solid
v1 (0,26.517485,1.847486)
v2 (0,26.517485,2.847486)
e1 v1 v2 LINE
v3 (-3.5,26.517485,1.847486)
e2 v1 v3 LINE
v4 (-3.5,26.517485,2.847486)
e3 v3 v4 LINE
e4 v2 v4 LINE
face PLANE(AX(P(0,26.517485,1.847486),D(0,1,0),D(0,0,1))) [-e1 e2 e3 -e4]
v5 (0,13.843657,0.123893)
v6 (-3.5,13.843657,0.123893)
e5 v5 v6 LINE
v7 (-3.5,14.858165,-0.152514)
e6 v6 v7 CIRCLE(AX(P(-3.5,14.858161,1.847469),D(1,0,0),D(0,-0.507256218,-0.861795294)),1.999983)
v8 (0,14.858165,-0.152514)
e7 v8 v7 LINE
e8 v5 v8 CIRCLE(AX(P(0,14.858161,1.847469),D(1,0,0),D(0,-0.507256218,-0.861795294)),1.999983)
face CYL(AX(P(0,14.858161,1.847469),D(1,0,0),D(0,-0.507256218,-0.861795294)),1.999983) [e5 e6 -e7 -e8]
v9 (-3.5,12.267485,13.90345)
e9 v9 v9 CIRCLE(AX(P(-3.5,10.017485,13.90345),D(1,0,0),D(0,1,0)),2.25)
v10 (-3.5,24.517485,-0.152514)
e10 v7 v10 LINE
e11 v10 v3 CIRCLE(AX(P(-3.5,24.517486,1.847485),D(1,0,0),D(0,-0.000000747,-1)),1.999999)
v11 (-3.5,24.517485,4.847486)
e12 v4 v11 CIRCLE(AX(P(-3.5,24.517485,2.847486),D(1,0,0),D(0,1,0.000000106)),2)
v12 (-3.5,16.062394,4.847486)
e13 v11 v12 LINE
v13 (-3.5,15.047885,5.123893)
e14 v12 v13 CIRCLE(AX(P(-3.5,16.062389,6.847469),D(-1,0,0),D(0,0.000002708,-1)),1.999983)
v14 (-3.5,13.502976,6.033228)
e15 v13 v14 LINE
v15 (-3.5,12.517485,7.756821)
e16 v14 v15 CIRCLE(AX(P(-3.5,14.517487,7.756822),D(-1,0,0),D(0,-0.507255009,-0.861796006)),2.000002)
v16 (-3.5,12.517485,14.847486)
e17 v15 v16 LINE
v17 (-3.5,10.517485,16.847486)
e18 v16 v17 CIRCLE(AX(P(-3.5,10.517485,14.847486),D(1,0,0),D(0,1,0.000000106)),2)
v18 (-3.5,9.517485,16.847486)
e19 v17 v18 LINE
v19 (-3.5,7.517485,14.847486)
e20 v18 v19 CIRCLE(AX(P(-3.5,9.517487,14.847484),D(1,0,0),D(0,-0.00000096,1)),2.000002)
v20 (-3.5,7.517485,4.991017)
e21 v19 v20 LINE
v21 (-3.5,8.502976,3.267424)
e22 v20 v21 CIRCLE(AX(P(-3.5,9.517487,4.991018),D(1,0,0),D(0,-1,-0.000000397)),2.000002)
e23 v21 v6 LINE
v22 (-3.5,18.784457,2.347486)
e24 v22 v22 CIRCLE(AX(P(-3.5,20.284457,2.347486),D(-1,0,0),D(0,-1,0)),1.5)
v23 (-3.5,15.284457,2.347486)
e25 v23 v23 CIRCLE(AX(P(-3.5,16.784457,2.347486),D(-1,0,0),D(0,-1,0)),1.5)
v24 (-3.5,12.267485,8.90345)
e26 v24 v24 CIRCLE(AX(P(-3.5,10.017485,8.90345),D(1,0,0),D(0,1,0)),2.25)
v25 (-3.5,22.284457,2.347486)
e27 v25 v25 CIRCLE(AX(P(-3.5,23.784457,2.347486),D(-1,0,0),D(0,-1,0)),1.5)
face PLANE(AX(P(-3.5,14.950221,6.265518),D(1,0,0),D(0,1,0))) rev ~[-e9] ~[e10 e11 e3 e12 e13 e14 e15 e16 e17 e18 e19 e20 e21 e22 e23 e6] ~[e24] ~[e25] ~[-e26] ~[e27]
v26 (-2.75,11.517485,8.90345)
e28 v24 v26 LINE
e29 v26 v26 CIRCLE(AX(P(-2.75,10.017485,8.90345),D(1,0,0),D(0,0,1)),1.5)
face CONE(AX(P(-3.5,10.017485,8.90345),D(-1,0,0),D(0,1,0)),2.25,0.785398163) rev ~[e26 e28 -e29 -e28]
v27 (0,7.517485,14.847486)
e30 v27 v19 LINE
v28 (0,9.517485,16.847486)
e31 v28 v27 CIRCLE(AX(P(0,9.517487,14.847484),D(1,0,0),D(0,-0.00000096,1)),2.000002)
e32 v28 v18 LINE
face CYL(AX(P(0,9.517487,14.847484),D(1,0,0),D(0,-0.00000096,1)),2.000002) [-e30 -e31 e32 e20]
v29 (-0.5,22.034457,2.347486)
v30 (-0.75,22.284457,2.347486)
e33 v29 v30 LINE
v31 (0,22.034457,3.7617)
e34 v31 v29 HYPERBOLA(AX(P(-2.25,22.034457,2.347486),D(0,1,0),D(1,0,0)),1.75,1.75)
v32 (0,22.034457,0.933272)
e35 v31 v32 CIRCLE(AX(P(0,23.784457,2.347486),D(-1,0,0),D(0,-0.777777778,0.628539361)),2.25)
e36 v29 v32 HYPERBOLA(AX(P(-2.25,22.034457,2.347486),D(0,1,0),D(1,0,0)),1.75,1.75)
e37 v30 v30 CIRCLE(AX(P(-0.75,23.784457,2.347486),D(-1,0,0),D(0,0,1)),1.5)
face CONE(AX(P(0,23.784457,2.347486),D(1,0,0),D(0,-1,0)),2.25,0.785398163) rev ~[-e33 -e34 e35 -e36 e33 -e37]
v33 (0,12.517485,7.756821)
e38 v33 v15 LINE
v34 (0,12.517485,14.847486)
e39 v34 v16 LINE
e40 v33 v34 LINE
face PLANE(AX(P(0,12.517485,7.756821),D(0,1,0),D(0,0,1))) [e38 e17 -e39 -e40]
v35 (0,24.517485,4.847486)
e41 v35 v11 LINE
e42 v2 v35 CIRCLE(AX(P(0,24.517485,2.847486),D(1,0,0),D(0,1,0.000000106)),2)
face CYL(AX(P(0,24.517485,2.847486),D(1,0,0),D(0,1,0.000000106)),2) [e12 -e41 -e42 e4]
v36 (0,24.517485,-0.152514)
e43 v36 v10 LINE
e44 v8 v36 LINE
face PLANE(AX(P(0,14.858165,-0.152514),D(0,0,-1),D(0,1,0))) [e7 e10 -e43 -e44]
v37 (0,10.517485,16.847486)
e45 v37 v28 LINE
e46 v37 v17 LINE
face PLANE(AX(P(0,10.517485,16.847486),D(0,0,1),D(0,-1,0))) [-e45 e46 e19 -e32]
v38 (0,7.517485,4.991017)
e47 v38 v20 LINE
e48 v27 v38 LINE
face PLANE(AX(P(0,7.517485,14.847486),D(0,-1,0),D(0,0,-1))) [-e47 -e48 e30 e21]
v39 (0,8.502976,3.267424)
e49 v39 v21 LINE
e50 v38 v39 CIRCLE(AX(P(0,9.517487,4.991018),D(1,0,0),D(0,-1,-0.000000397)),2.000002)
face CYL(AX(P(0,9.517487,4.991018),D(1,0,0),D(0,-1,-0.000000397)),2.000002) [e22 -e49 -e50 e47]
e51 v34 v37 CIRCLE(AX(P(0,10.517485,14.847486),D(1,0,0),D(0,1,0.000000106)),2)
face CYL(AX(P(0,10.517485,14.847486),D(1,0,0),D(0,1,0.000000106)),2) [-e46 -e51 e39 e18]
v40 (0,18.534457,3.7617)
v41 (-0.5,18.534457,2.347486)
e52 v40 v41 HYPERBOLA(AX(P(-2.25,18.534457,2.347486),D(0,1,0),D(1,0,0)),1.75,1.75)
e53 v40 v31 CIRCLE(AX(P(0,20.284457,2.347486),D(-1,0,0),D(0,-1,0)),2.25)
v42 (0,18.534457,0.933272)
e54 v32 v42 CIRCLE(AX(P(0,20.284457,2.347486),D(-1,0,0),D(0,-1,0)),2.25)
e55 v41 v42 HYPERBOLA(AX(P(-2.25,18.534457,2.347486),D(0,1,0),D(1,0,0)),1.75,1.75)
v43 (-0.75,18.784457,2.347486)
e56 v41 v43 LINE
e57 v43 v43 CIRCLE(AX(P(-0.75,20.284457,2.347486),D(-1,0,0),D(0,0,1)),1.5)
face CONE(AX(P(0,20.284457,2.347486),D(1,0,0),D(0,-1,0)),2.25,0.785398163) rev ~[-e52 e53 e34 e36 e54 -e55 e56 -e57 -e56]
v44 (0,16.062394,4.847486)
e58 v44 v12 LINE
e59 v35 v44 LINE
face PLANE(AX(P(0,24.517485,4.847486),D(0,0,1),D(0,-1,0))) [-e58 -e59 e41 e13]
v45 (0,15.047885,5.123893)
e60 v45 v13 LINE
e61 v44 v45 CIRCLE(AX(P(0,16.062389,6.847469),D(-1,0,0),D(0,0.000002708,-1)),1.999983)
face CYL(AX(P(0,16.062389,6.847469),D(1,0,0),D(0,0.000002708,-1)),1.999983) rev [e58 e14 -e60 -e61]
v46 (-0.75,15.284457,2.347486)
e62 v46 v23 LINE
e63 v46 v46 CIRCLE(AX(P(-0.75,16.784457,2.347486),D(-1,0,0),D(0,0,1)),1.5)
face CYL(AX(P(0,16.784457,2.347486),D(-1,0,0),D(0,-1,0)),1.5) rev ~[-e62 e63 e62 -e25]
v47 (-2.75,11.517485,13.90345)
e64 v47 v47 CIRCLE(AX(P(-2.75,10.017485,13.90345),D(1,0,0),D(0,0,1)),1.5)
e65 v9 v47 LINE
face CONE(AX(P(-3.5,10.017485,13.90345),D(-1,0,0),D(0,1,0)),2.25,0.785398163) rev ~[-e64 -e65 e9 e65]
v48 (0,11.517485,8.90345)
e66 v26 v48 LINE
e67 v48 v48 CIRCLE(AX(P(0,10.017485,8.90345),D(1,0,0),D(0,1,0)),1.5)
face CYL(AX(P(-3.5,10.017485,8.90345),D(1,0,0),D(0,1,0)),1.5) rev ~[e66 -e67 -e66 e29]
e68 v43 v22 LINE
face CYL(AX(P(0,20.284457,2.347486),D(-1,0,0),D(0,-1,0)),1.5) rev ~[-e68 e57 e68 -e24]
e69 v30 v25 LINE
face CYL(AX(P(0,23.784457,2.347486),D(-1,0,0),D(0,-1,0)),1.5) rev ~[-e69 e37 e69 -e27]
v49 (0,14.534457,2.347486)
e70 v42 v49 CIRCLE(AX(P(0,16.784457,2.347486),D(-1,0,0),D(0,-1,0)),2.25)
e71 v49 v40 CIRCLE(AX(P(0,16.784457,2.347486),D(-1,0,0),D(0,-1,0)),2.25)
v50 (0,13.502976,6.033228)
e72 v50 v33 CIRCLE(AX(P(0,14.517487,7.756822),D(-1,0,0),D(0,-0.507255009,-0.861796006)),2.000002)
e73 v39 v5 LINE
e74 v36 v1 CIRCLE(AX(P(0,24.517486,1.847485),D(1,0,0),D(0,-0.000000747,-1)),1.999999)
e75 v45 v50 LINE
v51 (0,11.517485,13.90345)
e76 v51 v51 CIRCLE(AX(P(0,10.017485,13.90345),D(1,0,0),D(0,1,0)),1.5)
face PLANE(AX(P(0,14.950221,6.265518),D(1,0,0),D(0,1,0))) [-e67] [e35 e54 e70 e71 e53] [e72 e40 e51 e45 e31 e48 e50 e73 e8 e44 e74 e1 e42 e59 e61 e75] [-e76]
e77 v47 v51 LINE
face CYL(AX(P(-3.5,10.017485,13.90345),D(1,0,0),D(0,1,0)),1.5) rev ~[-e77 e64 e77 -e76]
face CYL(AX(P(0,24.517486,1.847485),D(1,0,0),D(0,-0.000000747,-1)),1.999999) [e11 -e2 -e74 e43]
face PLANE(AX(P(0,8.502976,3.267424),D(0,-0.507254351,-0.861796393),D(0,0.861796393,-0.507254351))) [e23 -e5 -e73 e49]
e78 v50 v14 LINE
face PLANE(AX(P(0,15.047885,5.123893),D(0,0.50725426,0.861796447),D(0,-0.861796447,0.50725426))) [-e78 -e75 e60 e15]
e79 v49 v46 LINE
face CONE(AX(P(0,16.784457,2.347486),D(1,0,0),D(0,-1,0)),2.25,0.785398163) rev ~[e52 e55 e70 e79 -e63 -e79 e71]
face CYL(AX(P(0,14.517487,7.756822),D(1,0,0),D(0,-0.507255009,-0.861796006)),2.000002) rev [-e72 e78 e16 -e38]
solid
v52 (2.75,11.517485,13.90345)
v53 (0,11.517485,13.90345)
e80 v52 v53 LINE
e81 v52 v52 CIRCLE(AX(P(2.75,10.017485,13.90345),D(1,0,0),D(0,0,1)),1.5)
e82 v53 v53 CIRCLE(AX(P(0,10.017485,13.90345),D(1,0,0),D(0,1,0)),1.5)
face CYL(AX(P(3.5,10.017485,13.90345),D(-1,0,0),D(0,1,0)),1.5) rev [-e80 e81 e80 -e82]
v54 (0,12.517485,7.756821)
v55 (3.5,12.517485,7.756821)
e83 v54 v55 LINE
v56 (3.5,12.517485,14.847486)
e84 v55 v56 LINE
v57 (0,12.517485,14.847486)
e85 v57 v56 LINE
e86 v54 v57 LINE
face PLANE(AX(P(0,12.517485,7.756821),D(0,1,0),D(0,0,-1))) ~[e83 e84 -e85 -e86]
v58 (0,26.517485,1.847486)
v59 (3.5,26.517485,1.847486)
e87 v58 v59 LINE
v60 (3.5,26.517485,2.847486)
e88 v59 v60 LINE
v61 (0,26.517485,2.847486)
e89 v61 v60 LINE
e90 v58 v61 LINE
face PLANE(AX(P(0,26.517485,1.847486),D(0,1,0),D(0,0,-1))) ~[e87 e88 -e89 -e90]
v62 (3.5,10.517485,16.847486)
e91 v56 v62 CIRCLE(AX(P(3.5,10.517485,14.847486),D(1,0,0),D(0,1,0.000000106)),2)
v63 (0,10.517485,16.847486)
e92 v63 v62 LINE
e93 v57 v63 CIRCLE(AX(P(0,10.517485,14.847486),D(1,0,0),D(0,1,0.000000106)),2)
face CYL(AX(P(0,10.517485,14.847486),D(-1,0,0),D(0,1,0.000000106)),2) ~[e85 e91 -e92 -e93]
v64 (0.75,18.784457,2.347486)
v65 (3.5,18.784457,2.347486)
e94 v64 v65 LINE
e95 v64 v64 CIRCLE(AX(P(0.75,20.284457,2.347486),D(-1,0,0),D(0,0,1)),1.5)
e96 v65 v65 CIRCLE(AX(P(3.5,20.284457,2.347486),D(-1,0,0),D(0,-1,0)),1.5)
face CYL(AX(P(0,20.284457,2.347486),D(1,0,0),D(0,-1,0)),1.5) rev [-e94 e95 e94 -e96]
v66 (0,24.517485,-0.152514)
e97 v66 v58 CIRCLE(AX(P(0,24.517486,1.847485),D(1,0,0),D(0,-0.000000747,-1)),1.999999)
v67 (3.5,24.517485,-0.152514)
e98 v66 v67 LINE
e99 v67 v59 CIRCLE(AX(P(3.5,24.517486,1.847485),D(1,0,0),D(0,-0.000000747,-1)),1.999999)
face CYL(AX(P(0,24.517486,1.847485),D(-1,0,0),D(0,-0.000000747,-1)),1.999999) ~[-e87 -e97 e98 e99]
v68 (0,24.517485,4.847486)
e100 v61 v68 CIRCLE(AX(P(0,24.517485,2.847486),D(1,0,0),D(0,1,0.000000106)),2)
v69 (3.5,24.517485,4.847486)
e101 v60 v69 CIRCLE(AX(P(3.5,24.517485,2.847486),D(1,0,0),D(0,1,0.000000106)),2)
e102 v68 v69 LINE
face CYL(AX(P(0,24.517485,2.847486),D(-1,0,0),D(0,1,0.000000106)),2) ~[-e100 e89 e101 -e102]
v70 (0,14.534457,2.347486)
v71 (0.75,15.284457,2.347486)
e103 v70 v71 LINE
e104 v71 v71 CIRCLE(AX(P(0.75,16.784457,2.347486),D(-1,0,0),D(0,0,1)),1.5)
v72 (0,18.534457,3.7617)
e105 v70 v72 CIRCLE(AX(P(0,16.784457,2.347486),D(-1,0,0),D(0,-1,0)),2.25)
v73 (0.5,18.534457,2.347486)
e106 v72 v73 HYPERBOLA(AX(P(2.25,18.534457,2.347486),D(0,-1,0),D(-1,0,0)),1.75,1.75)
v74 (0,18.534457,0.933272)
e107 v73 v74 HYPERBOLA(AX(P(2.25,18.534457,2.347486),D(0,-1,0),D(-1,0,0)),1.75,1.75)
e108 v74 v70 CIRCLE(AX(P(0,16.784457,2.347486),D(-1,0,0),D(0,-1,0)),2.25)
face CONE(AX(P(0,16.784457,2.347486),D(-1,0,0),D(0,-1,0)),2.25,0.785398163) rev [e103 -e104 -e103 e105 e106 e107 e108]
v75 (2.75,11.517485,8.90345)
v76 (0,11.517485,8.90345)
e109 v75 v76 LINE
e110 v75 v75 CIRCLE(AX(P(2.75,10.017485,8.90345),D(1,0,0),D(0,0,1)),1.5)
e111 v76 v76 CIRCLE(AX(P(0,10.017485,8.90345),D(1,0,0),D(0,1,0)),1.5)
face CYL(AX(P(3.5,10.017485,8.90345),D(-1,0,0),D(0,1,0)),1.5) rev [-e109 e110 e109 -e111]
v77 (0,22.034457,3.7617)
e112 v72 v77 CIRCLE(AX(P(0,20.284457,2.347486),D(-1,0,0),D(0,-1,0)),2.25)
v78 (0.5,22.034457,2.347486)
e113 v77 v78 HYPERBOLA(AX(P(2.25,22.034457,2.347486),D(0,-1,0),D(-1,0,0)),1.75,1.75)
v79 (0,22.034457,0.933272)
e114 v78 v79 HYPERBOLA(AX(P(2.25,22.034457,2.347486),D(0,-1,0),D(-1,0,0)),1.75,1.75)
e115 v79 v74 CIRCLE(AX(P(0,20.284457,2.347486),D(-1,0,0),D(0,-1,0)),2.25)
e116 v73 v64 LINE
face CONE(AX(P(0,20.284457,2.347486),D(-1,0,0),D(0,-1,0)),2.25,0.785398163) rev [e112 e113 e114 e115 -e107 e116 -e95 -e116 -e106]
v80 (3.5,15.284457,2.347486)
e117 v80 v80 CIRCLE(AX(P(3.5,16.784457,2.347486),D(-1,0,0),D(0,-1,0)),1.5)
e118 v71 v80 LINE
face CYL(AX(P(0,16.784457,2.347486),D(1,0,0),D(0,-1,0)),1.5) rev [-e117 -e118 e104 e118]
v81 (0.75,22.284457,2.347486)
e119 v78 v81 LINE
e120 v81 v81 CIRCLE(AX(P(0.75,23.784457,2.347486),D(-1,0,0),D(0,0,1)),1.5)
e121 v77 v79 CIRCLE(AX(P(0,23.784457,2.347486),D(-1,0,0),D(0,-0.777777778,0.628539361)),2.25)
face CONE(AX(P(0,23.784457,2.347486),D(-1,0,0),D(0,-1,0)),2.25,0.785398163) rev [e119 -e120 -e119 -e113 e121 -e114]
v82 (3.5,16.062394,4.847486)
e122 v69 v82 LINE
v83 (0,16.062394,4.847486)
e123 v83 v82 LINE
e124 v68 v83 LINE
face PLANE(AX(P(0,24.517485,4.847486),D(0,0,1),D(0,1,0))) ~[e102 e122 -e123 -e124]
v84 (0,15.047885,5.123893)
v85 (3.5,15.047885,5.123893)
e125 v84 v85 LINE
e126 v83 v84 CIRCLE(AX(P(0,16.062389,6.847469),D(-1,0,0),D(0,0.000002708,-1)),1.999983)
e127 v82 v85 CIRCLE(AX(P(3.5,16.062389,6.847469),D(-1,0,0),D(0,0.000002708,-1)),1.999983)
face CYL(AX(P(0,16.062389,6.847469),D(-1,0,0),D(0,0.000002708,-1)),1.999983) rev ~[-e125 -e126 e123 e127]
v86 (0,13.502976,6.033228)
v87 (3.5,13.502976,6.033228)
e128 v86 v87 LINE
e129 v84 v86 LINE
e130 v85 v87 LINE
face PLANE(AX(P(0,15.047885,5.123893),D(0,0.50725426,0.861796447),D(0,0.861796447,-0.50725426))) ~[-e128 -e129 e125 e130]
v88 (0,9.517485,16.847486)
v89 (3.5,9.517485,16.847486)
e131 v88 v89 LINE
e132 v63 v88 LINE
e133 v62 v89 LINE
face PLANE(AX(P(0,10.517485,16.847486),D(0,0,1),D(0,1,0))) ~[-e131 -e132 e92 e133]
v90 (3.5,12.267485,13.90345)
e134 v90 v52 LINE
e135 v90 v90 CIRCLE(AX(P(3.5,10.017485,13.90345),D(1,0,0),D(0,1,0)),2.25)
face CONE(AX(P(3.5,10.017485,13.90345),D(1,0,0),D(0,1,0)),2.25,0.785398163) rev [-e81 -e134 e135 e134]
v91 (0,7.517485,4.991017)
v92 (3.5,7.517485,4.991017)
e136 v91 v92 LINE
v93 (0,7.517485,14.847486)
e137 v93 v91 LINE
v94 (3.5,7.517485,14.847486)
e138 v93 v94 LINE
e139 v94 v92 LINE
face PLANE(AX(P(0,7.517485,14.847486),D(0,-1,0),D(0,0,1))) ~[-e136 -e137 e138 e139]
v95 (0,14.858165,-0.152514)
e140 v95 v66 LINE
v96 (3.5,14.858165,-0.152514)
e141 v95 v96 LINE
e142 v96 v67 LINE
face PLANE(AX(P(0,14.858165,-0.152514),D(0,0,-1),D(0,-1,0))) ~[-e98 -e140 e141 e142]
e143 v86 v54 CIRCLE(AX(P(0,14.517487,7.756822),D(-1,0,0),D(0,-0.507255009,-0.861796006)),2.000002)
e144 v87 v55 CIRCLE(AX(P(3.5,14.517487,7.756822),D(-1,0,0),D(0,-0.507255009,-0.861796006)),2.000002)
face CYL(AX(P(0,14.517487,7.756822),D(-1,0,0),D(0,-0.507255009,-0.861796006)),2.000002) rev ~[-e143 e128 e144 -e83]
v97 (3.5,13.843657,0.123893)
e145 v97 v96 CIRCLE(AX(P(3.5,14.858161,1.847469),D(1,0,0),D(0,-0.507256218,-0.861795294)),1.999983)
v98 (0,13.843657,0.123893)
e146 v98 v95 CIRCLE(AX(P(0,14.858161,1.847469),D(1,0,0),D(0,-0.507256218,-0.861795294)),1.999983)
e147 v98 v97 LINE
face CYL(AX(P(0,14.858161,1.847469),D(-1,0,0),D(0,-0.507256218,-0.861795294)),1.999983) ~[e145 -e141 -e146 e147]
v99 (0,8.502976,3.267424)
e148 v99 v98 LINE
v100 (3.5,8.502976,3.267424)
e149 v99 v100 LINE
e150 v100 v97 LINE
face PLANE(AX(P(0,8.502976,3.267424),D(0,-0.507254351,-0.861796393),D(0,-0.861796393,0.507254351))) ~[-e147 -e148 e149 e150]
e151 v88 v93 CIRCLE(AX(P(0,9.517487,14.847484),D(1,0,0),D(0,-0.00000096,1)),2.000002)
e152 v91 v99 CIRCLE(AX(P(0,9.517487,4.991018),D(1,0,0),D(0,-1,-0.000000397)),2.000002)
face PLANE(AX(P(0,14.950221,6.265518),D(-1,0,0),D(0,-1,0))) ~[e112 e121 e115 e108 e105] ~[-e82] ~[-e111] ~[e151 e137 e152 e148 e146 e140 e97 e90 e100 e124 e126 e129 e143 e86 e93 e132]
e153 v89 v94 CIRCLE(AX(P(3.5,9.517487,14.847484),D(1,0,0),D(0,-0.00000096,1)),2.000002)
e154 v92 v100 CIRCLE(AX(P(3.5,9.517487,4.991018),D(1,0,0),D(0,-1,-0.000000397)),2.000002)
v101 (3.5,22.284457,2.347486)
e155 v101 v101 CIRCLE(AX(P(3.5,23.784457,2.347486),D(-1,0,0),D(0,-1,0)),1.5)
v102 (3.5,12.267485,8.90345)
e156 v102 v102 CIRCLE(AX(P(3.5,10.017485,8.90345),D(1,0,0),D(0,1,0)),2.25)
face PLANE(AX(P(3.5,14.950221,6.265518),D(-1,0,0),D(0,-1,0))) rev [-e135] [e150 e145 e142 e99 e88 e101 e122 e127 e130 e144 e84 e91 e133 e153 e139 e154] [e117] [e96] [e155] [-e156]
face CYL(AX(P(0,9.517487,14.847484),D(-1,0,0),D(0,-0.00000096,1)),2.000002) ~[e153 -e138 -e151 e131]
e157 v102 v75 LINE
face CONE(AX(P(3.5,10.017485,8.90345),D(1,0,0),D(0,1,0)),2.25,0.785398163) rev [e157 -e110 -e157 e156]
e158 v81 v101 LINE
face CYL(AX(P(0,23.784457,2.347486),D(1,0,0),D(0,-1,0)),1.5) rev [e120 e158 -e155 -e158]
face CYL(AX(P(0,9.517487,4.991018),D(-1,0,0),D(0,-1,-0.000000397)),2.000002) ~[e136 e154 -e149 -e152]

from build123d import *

# Parameters (mm, degrees)
F1_DEPTH       = 3.5
F2_D           = 3
F2_CSINK_D     = 4.5
F2_CSINK_ANGLE = 90
F4_D           = 3
F4_CSINK_D     = 4.5
F4_CSINK_ANGLE = 90


with BuildPart() as f1:
    # F0 (on Right) → F1 (new body)
    with BuildSketch(Plane.YZ):
        with BuildLine():
            Line((7.517485, 14.847486), (7.517485, 4.991017))
            ThreePointArc((7.517485, 4.991017), (7.781251, 3.998298), (8.502976, 3.267424))
            Line((8.502976, 3.267424), (13.843657, 0.123893))
            ThreePointArc((13.843657, 0.123893), (14.332421, -0.082176), (14.858165, -0.152514))
            Line((14.858165, -0.152514), (24.517485, -0.152514))
            ThreePointArc((24.517485, -0.152514), (25.931699, 0.433272), (26.517485, 1.847486))
            Line((26.517485, 1.847486), (26.517485, 2.347486))
            Line((26.517485, 2.347486), (26.517485, 2.847486))
            ThreePointArc((26.517485, 2.847486), (25.931699, 4.261699), (24.517485, 4.847486))
            Line((24.517485, 4.847486), (16.062394, 4.847486))
            ThreePointArc((16.062394, 4.847486), (15.536649, 4.917824), (15.047885, 5.123893))
            Line((15.047885, 5.123893), (13.502976, 6.033228))
            ThreePointArc((13.502976, 6.033228), (12.781251, 6.764102), (12.517485, 7.756821))
            Line((12.517485, 7.756821), (12.517485, 14.847486))
            ThreePointArc((12.517485, 14.847486), (11.931699, 16.261699), (10.517485, 16.847486))
            Line((10.517485, 16.847486), (10.017485, 16.847486))
            Line((10.017485, 16.847486), (9.517485, 16.847486))
            ThreePointArc((9.517485, 16.847486), (8.103272, 16.261699), (7.517485, 14.847486))
        make_face()
    extrude(amount=-F1_DEPTH)

    # F2 (through all)
    with Locations(Plane.YZ):
        with Locations((23.784457, 2.347486), (20.284457, 2.347486), (16.784457, 2.347486)):
            CounterSinkHole(F2_D / 2, F2_CSINK_D / 2, counter_sink_angle=F2_CSINK_ANGLE)

    # F4 (through all)
    with Locations(Plane(origin=(-3.5, 0, 0), x_dir=(0, -1, 0), z_dir=(-1, 0, 0))):
        with Locations((-10.017485, 13.90345), (-10.017485, 8.90345)):
            CounterSinkHole(F4_D / 2, F4_CSINK_D / 2, counter_sink_angle=F4_CSINK_ANGLE)


with BuildPart() as f5_1:
    # F5: instance of F1
    add(f1.part.mirror(Plane.YZ))


solid = Compound([f1.part, f5_1.part])
